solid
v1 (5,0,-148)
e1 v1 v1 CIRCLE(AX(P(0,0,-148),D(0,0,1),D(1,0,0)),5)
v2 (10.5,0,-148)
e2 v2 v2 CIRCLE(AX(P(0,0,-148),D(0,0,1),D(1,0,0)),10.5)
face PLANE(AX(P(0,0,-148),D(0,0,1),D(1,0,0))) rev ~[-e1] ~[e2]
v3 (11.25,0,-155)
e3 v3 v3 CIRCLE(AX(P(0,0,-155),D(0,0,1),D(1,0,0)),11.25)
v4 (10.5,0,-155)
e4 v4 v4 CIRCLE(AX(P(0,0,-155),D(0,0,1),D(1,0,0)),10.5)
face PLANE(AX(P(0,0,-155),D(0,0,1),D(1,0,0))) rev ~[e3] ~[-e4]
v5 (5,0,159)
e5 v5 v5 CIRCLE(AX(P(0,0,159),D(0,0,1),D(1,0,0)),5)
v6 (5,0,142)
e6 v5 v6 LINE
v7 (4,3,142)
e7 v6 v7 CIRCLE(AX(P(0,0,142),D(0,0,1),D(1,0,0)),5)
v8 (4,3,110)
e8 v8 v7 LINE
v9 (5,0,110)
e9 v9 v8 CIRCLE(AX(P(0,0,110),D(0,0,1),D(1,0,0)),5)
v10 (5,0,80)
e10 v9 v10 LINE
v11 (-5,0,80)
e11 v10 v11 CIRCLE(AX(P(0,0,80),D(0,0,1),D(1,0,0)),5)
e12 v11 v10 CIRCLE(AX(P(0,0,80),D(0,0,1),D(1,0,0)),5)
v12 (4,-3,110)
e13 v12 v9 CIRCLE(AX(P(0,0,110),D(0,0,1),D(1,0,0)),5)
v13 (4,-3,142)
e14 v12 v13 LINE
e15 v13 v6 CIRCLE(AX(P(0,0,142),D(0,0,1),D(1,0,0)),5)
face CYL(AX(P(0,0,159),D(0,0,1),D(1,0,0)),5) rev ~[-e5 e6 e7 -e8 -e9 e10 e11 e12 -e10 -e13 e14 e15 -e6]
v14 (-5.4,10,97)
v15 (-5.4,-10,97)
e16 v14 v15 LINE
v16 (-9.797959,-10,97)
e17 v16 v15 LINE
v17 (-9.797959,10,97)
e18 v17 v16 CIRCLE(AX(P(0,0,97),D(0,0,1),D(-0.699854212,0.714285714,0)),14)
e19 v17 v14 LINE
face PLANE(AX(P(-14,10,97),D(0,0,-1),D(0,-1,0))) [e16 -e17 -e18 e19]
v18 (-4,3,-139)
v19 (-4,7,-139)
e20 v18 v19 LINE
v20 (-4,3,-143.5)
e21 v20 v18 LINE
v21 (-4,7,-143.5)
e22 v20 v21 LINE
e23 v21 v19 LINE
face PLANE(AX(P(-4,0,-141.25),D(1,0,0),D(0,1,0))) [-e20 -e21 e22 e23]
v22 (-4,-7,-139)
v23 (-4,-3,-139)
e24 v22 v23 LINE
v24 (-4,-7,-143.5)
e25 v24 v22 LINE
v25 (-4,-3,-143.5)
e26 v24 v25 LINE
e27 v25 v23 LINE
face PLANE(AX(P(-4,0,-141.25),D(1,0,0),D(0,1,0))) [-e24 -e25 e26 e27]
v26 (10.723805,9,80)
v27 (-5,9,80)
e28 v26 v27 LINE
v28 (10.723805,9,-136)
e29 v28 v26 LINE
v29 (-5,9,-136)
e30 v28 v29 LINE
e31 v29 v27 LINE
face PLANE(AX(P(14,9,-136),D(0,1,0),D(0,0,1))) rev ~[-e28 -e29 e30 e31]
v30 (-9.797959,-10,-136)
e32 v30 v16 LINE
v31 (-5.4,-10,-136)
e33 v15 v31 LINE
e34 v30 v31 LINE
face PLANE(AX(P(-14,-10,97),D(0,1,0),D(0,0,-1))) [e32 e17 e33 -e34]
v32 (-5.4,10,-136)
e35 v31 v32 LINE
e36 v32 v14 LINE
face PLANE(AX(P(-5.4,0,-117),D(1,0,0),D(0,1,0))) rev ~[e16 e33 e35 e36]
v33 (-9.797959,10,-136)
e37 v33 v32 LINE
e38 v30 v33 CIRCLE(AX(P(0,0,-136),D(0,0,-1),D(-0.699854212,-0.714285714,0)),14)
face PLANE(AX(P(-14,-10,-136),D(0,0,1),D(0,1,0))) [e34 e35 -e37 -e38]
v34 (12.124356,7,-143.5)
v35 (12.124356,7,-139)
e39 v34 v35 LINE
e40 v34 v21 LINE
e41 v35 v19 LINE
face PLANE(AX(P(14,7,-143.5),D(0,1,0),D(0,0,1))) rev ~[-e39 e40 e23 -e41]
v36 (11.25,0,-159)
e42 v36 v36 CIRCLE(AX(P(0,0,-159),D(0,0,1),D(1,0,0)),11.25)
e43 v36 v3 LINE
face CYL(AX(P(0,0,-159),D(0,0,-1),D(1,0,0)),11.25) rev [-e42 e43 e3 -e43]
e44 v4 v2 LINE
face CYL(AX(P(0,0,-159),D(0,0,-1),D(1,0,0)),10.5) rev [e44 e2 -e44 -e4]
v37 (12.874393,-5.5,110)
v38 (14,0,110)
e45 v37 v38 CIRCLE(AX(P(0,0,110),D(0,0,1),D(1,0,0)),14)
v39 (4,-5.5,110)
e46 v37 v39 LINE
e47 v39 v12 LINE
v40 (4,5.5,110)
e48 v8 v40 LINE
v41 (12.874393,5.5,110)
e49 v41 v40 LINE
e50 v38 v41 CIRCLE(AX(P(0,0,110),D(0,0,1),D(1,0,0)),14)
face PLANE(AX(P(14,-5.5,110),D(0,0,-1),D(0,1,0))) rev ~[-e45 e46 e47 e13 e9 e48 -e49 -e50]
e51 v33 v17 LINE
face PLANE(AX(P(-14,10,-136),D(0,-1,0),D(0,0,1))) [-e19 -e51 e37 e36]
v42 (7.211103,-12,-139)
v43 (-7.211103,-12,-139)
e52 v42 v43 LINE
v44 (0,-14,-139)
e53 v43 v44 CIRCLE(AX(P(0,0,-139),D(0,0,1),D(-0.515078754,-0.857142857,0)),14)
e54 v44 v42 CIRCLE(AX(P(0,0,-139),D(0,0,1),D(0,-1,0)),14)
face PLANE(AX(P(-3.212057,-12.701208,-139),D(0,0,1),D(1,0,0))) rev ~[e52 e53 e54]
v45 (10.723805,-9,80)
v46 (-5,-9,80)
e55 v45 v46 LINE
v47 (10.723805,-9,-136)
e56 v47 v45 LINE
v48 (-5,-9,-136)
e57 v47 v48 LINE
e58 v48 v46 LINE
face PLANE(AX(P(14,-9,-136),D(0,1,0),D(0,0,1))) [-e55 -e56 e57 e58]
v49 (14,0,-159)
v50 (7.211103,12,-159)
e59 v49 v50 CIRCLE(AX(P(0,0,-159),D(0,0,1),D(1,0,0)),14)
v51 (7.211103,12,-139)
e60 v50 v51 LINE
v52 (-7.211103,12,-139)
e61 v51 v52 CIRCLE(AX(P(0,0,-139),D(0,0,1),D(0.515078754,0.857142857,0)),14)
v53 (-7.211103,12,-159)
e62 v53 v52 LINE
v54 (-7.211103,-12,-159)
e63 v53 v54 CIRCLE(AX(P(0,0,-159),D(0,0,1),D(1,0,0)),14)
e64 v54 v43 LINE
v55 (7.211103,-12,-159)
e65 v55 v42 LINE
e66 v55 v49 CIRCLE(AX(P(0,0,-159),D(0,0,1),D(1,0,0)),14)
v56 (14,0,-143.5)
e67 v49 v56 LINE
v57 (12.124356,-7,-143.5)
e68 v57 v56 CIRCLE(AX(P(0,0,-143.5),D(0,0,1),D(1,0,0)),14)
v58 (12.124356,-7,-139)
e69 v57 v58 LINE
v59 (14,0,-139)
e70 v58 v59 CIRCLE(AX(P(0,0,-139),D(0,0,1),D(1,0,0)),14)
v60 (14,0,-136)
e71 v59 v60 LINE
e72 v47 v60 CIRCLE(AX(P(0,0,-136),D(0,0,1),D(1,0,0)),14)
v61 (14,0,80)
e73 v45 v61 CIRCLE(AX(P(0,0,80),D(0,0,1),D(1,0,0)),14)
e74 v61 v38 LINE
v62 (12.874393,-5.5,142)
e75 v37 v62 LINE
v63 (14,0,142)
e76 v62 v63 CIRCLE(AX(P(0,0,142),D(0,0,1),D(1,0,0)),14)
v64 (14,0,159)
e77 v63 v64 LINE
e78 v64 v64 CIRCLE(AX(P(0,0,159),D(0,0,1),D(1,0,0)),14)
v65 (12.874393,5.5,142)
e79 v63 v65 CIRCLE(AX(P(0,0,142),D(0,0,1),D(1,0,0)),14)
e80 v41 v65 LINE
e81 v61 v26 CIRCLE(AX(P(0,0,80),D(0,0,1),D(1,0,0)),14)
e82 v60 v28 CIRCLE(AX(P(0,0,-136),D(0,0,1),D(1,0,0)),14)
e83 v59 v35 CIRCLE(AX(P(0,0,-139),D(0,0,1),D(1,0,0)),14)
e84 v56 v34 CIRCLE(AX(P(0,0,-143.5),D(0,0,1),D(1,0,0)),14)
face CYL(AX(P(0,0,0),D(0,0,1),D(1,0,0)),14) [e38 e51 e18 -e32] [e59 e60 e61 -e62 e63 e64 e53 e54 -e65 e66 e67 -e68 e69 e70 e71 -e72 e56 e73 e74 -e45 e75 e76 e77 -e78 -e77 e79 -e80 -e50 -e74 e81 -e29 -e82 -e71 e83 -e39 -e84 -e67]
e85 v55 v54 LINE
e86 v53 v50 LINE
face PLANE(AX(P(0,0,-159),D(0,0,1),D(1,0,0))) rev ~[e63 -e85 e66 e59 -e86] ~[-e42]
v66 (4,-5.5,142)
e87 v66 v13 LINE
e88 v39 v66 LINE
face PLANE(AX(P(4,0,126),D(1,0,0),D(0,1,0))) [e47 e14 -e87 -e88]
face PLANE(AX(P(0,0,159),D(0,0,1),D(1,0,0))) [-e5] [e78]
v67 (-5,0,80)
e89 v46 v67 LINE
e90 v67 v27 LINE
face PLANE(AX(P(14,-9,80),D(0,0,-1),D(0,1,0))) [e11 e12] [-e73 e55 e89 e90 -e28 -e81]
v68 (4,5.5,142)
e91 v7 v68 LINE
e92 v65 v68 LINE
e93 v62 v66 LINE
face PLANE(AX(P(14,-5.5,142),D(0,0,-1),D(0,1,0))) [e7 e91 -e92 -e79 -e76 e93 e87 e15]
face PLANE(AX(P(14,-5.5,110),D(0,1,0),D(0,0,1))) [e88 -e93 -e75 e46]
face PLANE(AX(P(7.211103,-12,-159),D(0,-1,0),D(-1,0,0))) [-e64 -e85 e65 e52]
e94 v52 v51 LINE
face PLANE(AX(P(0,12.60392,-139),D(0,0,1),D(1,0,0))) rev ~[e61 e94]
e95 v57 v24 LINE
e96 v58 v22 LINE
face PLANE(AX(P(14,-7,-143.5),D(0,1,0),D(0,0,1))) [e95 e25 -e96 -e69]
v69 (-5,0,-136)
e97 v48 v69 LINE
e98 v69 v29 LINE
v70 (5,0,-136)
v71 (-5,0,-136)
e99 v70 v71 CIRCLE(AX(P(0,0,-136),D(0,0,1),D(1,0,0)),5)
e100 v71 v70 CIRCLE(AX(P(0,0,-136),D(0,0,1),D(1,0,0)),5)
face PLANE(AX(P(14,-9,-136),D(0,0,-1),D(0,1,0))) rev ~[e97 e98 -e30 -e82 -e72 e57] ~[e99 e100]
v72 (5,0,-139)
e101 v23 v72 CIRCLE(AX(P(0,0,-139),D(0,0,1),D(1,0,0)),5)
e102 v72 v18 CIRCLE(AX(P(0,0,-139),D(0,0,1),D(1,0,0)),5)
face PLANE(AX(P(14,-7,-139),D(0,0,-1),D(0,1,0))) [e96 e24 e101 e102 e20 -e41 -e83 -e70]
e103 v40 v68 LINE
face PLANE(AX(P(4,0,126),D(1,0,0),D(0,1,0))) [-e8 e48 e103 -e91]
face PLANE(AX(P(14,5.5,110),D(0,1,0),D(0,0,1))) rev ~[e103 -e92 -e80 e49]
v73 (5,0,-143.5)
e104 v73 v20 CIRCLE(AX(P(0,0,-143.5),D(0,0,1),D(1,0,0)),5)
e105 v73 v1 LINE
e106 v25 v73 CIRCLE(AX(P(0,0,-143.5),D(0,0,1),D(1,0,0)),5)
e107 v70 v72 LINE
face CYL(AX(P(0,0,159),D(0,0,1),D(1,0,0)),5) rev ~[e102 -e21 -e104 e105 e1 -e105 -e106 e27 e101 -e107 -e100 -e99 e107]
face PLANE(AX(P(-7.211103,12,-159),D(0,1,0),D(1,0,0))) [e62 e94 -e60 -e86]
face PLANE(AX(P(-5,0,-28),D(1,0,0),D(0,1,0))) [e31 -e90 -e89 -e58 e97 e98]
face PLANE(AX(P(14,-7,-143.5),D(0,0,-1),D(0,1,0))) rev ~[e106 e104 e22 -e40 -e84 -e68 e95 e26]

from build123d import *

# Parameters (mm, degrees)
F0_R      = 14
F1_DEPTH  = 159
F3_W      = 18
F3_H      = 216
F4_DEPTH  = 19
F3_W_2    = 14
F3_H_2    = 4.5
F5_DEPTH  = 18
F7_W      = 20
F7_H      = 29
F7_H_2    = 25
F7_H_3    = 23
F8_DEPTH  = 8.6
F3_W_3    = 11
F3_H_3    = 32
F9_DEPTH  = 10
F13_R     = 10.5
F14_DEPTH = 11
F11_R     = 5
F15_DEPTH = 318
F13_R_2   = 11.25
F16_DEPTH = 4
F17_DEPTH = 20


with BuildPart() as f1:
    # F0 (on Top) → F1 (new body, symmetric)
    with BuildSketch(Plane.XY):
        Circle(F0_R)
    extrude(amount=F1_DEPTH, both=True)

    # F3 (on offset) → F4 (cut)
    with BuildSketch(Plane.YZ.offset(14)):
        with Locations((0, -28)):
            Rectangle(F3_W, F3_H)
    extrude(amount=-F4_DEPTH, mode=Mode.SUBTRACT)

    # F3 (on offset) → F5 (cut)
    with BuildSketch(Plane.YZ.offset(14)):
        with Locations((0, -141.25)):
            Rectangle(F3_W_2, F3_H_2)
    extrude(amount=-F5_DEPTH, mode=Mode.SUBTRACT)

    # F7 (on offset) → F8 (cut)
    with BuildSketch(Plane.YZ.offset(-14)):
        Polygon((-10, -98), (-10, -136), (-2.5, -136), (2.5, -136), (10, -136), (10, -98), align=None)
        with Locations((0, -60.5)):
            Rectangle(F7_W, F7_H)
        with Locations((0, -10.5)):
            Rectangle(F7_W, F7_H_2)
        Polygon((-10, 47), (-10, 25), (10, 25), (10, 47), (2.5, 47), (-2.5, 47), align=None)
        with Locations((0, -86.5)):
            Rectangle(F7_W, F7_H_3)
        with Locations((0, -34.5)):
            Rectangle(F7_W, F7_H_3)
        with Locations((0, 13.5)):
            Rectangle(F7_W, F7_H_3)
        Polygon((-10, 97), (-10, 47), (-2.5, 47), (2.5, 47), (10, 47), (10, 97), align=None)
    extrude(amount=F8_DEPTH, mode=Mode.SUBTRACT)

    # F3 (on offset) → F9 (cut)
    with BuildSketch(Plane.YZ.offset(14)):
        with Locations((0, 126)):
            Rectangle(F3_W_3, F3_H_3)
    extrude(amount=-F9_DEPTH, mode=Mode.SUBTRACT)

    # F13 (on offset) → F14 (cut)
    with BuildSketch(Plane.XY.offset(-159)):
        Circle(F13_R)
    extrude(amount=F14_DEPTH, mode=Mode.SUBTRACT)

    # F11 (on offset) → F15 (cut)
    with BuildSketch(Plane.XY.offset(159)):
        Circle(F11_R)
    extrude(amount=-F15_DEPTH, mode=Mode.SUBTRACT)

    # F13 (on offset) → F16 (cut)
    with BuildSketch(Plane.XY.offset(-159)):
        Circle(F13_R_2)
        Circle(F13_R, mode=Mode.SUBTRACT)
    extrude(amount=F16_DEPTH, mode=Mode.SUBTRACT)

    # F13 (on offset) → F17 (cut)
    with BuildSketch(Plane.XY.offset(-159)):
        with BuildLine():
            ThreePointArc((-7.2111025509, -12), (-3.7416573868, -13.4907375632), (0, -14))
            Line((0, -14), (0, -12))
            Line((0, -12), (-7.2111025509, -12))
        make_face()
        with BuildLine():
            ThreePointArc((0, -14), (3.7416573868, -13.4907375632), (7.2111025509, -12))
            Line((7.2111025509, -12), (0, -12))
            Line((0, -12), (0, -14))
        make_face()
        with BuildLine():
            Line((-7.2111025509, 12), (7.2111025509, 12))
            ThreePointArc((7.2111025509, 12), (0, 14), (-7.2111025509, 12))
        make_face()
    extrude(amount=F17_DEPTH, mode=Mode.SUBTRACT)


solid = f1.part
